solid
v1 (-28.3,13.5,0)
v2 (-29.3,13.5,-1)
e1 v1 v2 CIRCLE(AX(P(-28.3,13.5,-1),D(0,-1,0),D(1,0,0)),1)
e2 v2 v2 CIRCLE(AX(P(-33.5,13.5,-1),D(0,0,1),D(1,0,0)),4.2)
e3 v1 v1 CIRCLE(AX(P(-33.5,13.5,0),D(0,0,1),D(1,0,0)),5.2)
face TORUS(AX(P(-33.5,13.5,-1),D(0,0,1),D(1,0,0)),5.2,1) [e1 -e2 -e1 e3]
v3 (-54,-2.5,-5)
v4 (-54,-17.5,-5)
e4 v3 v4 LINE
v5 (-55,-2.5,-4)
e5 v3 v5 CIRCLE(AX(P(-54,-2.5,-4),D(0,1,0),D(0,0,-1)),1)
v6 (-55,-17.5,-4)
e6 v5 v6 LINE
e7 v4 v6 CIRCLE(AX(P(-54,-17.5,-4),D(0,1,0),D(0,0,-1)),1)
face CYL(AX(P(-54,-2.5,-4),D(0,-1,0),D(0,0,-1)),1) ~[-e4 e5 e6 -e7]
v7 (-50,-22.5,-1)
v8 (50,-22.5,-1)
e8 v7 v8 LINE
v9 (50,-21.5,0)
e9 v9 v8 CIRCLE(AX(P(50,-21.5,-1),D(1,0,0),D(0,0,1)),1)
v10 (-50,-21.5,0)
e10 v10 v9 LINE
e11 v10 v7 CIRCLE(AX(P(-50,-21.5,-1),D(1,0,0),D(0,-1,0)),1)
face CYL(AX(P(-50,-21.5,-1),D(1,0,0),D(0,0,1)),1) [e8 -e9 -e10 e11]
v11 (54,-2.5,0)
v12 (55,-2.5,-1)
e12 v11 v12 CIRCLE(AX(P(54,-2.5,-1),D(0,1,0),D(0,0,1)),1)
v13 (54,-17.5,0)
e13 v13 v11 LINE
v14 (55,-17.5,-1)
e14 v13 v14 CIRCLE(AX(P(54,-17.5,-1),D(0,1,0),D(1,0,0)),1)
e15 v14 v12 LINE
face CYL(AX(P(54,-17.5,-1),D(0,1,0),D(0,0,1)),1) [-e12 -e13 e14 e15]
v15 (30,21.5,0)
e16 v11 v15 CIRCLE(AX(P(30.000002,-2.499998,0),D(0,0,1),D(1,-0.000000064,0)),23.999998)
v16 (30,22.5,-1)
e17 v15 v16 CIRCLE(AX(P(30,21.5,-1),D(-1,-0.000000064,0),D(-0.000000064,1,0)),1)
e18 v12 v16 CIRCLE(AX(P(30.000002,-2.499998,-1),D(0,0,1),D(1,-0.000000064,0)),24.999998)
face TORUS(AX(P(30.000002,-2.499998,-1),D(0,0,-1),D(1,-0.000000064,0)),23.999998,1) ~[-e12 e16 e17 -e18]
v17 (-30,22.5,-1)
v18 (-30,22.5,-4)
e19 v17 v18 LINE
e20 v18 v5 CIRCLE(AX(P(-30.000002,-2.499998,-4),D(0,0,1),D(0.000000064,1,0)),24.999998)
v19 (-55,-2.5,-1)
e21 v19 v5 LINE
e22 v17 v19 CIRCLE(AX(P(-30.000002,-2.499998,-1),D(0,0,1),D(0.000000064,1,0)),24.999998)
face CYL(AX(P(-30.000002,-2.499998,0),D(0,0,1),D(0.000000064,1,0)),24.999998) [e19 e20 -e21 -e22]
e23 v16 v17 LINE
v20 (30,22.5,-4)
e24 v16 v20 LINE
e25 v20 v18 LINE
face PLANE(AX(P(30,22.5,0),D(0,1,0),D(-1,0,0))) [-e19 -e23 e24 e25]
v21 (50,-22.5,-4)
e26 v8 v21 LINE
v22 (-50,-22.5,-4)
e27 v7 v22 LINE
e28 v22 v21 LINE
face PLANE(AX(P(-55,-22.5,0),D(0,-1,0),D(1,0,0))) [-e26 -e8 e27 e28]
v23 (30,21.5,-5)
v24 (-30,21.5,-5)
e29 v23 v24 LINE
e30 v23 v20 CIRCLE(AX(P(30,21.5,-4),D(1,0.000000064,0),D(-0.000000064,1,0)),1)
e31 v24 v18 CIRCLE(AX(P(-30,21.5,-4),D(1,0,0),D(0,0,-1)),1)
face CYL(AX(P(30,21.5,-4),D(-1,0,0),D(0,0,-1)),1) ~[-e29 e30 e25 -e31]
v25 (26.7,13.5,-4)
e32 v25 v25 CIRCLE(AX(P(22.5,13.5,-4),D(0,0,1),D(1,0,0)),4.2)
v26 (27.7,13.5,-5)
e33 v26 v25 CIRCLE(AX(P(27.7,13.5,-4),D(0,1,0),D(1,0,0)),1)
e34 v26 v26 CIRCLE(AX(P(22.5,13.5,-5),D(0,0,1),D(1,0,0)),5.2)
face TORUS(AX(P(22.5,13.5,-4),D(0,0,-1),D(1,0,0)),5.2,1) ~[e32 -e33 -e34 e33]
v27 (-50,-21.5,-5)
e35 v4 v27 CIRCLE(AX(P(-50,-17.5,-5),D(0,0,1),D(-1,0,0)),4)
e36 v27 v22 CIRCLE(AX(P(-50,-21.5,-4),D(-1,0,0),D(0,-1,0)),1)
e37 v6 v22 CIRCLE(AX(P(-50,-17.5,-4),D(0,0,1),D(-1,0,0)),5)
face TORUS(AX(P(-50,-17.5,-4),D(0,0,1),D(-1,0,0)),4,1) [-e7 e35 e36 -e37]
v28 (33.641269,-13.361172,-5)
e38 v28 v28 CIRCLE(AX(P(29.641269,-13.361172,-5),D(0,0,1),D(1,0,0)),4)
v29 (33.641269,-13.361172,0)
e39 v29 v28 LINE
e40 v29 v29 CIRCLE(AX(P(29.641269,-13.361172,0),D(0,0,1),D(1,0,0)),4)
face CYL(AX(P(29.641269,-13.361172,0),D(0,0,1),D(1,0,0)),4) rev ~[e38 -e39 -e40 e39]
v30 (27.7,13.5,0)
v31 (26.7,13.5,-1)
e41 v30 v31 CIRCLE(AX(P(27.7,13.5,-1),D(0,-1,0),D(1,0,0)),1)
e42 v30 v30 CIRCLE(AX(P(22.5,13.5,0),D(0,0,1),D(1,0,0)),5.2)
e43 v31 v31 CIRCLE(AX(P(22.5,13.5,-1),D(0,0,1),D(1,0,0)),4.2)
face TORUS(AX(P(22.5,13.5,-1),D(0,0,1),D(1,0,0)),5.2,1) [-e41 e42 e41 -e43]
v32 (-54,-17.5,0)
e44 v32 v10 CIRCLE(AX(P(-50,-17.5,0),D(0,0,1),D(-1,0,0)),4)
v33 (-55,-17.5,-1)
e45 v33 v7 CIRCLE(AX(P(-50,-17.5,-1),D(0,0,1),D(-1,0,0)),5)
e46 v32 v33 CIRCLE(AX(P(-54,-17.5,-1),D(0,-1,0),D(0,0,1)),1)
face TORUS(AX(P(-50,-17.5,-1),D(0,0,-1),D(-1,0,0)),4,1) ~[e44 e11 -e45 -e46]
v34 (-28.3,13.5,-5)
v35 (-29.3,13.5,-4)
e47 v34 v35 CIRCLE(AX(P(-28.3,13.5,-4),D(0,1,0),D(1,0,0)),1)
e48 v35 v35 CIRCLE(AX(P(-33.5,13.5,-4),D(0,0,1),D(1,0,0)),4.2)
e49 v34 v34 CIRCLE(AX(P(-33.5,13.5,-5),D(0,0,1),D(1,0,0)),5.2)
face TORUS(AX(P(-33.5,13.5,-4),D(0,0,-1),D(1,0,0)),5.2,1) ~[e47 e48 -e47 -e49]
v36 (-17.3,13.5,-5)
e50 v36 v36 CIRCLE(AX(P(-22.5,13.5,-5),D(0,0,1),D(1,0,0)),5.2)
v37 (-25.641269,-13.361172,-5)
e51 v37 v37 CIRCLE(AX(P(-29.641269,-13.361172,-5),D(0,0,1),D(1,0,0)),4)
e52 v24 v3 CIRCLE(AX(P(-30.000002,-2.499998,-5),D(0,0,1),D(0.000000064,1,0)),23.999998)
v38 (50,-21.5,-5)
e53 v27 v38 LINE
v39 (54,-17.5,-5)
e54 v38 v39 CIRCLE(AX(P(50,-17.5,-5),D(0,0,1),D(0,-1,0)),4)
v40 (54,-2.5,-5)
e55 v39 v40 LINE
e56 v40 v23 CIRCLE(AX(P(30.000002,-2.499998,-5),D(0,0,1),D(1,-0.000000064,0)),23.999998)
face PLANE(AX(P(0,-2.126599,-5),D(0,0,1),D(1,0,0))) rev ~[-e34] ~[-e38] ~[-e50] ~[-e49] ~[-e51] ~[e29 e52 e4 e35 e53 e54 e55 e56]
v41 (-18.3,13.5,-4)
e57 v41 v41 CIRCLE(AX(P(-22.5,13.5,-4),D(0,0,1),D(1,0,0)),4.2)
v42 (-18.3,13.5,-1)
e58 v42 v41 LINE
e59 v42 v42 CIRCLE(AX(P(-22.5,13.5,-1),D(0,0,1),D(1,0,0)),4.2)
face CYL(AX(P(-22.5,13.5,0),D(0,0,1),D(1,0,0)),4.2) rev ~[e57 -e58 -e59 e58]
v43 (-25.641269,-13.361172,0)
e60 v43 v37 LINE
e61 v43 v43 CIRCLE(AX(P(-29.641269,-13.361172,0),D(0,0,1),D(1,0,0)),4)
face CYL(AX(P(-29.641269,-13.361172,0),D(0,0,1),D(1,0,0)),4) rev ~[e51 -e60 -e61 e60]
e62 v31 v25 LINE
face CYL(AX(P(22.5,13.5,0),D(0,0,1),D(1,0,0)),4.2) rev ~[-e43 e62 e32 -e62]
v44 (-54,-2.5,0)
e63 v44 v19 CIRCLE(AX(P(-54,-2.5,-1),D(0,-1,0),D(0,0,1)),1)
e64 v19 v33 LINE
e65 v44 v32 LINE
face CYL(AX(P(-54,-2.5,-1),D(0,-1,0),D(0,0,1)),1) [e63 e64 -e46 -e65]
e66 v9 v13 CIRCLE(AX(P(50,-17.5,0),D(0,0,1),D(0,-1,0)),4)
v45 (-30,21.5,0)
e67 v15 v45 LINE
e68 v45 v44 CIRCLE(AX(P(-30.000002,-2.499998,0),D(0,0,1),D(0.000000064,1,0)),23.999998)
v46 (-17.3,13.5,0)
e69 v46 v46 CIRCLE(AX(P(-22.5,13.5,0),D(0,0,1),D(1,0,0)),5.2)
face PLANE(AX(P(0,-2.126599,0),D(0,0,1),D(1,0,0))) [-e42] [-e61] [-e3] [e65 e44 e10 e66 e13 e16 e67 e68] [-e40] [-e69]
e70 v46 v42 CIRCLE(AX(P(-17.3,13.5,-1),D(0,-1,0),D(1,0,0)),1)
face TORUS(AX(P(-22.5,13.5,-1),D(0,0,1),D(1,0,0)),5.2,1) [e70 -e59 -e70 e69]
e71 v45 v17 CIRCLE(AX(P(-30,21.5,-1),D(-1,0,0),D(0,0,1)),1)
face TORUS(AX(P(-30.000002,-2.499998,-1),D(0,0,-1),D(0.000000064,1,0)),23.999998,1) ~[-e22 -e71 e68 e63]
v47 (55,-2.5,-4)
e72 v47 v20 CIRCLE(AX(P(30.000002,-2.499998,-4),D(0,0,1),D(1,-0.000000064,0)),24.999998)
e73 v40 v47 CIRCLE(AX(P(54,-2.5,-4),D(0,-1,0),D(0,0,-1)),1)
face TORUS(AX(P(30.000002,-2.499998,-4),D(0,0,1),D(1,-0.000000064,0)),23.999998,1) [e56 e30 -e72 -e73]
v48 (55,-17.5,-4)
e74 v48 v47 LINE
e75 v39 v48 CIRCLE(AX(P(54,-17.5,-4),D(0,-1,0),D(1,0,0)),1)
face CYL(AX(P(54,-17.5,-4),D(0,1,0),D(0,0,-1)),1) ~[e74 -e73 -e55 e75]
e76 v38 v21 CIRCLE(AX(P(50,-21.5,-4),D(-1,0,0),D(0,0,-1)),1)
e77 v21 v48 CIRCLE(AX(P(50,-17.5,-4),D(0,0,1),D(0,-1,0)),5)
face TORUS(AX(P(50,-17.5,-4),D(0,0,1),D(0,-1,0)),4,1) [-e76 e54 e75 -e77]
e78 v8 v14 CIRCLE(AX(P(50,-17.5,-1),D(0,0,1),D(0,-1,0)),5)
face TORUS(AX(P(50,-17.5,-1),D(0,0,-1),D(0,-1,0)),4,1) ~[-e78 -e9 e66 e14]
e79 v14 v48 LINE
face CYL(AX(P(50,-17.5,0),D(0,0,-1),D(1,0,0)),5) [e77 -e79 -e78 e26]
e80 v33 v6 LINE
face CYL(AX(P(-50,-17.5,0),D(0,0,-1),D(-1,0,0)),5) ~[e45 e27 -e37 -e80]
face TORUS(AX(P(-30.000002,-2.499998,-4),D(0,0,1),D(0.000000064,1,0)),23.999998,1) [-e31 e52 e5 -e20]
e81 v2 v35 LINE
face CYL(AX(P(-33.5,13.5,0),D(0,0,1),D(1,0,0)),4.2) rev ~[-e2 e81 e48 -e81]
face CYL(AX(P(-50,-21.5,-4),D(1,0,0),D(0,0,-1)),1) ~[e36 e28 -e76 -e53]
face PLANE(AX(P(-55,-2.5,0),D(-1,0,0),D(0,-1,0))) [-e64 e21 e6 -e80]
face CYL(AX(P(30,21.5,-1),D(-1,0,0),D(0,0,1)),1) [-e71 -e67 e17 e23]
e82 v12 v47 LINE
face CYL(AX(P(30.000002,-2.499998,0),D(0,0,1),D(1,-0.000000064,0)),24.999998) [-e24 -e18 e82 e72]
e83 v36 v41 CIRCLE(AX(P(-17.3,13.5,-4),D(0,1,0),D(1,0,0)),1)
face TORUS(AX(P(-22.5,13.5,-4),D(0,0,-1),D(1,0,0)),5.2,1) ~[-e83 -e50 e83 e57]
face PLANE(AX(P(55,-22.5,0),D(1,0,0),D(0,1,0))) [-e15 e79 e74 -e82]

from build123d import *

# Parameters (mm, degrees)
F0_R     = 4.2
F1_DEPTH = 5
F2_R     = 5
F3_R     = 1
F4_R     = 4
F5_DEPTH = 5.001


with BuildPart() as f1:
    # F0 (on Top) → F1 (new body)
    with BuildSketch(Plane.XY):
        with BuildLine():
            Line((30, 22.5), (-30, 22.5))
            ThreePointArc((-30, 22.5), (-47.67767, 15.17767), (-55, -2.5))
            Line((-55, -2.5), (-55, -22.5))
            Line((-55, -22.5), (55, -22.5))
            Line((55, -22.5), (55, -2.5))
            ThreePointArc((55, -2.5), (47.67767, 15.17767), (30, 22.5))
        make_face()
        with Locations((-33.5, 13.5)):
            Circle(F0_R, mode=Mode.SUBTRACT)
        with Locations((-22.5, 13.5)):
            Circle(F0_R, mode=Mode.SUBTRACT)
        with Locations((22.5, 13.5)):
            Circle(F0_R, mode=Mode.SUBTRACT)
    extrude(amount=-F1_DEPTH)

    # F2
    f2_edges = [f1.edges().sort_by_distance(p)[0] for p in [
        (55, -22.5, -2.5),
        (-55, -22.5, -2.5),
    ]]
    fillet(f2_edges, radius=F2_R)

    # F3
    f3_edges = [f1.edges().sort_by_distance(p)[0] for p in [
        (-55, -10, 0),
        (-53.535534, -21.035534, 0),
        (-47.67767, 15.17767, 0),
        (0, -22.5, 0),
        (0, 22.5, 0),
        (53.535534, -21.035534, 0),
        (47.67767, 15.17767, 0),
        (55, -10, 0),
        (-37.7, 13.5, 0),
        (-26.7, 13.5, 0),
        (18.3, 13.5, 0),
        (-55, -10, -5),
        (-53.535534, -21.035534, -5),
        (-47.67767, 15.17767, -5),
        (0, -22.5, -5),
        (0, 22.5, -5),
        (53.535534, -21.035534, -5),
        (47.67767, 15.17767, -5),
        (55, -10, -5),
        (-37.7, 13.5, -5),
        (-26.7, 13.5, -5),
        (18.3, 13.5, -5),
    ]]
    fillet(f3_edges, radius=F3_R)

    # F4 (on face) → F5 (cut, through all)
    with BuildSketch(Plane.XY):
        with Locations((29.641269, -13.361172)):
            Circle(F4_R)
        with Locations((-29.641269, -13.361172)):
            Circle(F4_R)
    extrude(amount=-F5_DEPTH, mode=Mode.SUBTRACT)


solid = f1.part
